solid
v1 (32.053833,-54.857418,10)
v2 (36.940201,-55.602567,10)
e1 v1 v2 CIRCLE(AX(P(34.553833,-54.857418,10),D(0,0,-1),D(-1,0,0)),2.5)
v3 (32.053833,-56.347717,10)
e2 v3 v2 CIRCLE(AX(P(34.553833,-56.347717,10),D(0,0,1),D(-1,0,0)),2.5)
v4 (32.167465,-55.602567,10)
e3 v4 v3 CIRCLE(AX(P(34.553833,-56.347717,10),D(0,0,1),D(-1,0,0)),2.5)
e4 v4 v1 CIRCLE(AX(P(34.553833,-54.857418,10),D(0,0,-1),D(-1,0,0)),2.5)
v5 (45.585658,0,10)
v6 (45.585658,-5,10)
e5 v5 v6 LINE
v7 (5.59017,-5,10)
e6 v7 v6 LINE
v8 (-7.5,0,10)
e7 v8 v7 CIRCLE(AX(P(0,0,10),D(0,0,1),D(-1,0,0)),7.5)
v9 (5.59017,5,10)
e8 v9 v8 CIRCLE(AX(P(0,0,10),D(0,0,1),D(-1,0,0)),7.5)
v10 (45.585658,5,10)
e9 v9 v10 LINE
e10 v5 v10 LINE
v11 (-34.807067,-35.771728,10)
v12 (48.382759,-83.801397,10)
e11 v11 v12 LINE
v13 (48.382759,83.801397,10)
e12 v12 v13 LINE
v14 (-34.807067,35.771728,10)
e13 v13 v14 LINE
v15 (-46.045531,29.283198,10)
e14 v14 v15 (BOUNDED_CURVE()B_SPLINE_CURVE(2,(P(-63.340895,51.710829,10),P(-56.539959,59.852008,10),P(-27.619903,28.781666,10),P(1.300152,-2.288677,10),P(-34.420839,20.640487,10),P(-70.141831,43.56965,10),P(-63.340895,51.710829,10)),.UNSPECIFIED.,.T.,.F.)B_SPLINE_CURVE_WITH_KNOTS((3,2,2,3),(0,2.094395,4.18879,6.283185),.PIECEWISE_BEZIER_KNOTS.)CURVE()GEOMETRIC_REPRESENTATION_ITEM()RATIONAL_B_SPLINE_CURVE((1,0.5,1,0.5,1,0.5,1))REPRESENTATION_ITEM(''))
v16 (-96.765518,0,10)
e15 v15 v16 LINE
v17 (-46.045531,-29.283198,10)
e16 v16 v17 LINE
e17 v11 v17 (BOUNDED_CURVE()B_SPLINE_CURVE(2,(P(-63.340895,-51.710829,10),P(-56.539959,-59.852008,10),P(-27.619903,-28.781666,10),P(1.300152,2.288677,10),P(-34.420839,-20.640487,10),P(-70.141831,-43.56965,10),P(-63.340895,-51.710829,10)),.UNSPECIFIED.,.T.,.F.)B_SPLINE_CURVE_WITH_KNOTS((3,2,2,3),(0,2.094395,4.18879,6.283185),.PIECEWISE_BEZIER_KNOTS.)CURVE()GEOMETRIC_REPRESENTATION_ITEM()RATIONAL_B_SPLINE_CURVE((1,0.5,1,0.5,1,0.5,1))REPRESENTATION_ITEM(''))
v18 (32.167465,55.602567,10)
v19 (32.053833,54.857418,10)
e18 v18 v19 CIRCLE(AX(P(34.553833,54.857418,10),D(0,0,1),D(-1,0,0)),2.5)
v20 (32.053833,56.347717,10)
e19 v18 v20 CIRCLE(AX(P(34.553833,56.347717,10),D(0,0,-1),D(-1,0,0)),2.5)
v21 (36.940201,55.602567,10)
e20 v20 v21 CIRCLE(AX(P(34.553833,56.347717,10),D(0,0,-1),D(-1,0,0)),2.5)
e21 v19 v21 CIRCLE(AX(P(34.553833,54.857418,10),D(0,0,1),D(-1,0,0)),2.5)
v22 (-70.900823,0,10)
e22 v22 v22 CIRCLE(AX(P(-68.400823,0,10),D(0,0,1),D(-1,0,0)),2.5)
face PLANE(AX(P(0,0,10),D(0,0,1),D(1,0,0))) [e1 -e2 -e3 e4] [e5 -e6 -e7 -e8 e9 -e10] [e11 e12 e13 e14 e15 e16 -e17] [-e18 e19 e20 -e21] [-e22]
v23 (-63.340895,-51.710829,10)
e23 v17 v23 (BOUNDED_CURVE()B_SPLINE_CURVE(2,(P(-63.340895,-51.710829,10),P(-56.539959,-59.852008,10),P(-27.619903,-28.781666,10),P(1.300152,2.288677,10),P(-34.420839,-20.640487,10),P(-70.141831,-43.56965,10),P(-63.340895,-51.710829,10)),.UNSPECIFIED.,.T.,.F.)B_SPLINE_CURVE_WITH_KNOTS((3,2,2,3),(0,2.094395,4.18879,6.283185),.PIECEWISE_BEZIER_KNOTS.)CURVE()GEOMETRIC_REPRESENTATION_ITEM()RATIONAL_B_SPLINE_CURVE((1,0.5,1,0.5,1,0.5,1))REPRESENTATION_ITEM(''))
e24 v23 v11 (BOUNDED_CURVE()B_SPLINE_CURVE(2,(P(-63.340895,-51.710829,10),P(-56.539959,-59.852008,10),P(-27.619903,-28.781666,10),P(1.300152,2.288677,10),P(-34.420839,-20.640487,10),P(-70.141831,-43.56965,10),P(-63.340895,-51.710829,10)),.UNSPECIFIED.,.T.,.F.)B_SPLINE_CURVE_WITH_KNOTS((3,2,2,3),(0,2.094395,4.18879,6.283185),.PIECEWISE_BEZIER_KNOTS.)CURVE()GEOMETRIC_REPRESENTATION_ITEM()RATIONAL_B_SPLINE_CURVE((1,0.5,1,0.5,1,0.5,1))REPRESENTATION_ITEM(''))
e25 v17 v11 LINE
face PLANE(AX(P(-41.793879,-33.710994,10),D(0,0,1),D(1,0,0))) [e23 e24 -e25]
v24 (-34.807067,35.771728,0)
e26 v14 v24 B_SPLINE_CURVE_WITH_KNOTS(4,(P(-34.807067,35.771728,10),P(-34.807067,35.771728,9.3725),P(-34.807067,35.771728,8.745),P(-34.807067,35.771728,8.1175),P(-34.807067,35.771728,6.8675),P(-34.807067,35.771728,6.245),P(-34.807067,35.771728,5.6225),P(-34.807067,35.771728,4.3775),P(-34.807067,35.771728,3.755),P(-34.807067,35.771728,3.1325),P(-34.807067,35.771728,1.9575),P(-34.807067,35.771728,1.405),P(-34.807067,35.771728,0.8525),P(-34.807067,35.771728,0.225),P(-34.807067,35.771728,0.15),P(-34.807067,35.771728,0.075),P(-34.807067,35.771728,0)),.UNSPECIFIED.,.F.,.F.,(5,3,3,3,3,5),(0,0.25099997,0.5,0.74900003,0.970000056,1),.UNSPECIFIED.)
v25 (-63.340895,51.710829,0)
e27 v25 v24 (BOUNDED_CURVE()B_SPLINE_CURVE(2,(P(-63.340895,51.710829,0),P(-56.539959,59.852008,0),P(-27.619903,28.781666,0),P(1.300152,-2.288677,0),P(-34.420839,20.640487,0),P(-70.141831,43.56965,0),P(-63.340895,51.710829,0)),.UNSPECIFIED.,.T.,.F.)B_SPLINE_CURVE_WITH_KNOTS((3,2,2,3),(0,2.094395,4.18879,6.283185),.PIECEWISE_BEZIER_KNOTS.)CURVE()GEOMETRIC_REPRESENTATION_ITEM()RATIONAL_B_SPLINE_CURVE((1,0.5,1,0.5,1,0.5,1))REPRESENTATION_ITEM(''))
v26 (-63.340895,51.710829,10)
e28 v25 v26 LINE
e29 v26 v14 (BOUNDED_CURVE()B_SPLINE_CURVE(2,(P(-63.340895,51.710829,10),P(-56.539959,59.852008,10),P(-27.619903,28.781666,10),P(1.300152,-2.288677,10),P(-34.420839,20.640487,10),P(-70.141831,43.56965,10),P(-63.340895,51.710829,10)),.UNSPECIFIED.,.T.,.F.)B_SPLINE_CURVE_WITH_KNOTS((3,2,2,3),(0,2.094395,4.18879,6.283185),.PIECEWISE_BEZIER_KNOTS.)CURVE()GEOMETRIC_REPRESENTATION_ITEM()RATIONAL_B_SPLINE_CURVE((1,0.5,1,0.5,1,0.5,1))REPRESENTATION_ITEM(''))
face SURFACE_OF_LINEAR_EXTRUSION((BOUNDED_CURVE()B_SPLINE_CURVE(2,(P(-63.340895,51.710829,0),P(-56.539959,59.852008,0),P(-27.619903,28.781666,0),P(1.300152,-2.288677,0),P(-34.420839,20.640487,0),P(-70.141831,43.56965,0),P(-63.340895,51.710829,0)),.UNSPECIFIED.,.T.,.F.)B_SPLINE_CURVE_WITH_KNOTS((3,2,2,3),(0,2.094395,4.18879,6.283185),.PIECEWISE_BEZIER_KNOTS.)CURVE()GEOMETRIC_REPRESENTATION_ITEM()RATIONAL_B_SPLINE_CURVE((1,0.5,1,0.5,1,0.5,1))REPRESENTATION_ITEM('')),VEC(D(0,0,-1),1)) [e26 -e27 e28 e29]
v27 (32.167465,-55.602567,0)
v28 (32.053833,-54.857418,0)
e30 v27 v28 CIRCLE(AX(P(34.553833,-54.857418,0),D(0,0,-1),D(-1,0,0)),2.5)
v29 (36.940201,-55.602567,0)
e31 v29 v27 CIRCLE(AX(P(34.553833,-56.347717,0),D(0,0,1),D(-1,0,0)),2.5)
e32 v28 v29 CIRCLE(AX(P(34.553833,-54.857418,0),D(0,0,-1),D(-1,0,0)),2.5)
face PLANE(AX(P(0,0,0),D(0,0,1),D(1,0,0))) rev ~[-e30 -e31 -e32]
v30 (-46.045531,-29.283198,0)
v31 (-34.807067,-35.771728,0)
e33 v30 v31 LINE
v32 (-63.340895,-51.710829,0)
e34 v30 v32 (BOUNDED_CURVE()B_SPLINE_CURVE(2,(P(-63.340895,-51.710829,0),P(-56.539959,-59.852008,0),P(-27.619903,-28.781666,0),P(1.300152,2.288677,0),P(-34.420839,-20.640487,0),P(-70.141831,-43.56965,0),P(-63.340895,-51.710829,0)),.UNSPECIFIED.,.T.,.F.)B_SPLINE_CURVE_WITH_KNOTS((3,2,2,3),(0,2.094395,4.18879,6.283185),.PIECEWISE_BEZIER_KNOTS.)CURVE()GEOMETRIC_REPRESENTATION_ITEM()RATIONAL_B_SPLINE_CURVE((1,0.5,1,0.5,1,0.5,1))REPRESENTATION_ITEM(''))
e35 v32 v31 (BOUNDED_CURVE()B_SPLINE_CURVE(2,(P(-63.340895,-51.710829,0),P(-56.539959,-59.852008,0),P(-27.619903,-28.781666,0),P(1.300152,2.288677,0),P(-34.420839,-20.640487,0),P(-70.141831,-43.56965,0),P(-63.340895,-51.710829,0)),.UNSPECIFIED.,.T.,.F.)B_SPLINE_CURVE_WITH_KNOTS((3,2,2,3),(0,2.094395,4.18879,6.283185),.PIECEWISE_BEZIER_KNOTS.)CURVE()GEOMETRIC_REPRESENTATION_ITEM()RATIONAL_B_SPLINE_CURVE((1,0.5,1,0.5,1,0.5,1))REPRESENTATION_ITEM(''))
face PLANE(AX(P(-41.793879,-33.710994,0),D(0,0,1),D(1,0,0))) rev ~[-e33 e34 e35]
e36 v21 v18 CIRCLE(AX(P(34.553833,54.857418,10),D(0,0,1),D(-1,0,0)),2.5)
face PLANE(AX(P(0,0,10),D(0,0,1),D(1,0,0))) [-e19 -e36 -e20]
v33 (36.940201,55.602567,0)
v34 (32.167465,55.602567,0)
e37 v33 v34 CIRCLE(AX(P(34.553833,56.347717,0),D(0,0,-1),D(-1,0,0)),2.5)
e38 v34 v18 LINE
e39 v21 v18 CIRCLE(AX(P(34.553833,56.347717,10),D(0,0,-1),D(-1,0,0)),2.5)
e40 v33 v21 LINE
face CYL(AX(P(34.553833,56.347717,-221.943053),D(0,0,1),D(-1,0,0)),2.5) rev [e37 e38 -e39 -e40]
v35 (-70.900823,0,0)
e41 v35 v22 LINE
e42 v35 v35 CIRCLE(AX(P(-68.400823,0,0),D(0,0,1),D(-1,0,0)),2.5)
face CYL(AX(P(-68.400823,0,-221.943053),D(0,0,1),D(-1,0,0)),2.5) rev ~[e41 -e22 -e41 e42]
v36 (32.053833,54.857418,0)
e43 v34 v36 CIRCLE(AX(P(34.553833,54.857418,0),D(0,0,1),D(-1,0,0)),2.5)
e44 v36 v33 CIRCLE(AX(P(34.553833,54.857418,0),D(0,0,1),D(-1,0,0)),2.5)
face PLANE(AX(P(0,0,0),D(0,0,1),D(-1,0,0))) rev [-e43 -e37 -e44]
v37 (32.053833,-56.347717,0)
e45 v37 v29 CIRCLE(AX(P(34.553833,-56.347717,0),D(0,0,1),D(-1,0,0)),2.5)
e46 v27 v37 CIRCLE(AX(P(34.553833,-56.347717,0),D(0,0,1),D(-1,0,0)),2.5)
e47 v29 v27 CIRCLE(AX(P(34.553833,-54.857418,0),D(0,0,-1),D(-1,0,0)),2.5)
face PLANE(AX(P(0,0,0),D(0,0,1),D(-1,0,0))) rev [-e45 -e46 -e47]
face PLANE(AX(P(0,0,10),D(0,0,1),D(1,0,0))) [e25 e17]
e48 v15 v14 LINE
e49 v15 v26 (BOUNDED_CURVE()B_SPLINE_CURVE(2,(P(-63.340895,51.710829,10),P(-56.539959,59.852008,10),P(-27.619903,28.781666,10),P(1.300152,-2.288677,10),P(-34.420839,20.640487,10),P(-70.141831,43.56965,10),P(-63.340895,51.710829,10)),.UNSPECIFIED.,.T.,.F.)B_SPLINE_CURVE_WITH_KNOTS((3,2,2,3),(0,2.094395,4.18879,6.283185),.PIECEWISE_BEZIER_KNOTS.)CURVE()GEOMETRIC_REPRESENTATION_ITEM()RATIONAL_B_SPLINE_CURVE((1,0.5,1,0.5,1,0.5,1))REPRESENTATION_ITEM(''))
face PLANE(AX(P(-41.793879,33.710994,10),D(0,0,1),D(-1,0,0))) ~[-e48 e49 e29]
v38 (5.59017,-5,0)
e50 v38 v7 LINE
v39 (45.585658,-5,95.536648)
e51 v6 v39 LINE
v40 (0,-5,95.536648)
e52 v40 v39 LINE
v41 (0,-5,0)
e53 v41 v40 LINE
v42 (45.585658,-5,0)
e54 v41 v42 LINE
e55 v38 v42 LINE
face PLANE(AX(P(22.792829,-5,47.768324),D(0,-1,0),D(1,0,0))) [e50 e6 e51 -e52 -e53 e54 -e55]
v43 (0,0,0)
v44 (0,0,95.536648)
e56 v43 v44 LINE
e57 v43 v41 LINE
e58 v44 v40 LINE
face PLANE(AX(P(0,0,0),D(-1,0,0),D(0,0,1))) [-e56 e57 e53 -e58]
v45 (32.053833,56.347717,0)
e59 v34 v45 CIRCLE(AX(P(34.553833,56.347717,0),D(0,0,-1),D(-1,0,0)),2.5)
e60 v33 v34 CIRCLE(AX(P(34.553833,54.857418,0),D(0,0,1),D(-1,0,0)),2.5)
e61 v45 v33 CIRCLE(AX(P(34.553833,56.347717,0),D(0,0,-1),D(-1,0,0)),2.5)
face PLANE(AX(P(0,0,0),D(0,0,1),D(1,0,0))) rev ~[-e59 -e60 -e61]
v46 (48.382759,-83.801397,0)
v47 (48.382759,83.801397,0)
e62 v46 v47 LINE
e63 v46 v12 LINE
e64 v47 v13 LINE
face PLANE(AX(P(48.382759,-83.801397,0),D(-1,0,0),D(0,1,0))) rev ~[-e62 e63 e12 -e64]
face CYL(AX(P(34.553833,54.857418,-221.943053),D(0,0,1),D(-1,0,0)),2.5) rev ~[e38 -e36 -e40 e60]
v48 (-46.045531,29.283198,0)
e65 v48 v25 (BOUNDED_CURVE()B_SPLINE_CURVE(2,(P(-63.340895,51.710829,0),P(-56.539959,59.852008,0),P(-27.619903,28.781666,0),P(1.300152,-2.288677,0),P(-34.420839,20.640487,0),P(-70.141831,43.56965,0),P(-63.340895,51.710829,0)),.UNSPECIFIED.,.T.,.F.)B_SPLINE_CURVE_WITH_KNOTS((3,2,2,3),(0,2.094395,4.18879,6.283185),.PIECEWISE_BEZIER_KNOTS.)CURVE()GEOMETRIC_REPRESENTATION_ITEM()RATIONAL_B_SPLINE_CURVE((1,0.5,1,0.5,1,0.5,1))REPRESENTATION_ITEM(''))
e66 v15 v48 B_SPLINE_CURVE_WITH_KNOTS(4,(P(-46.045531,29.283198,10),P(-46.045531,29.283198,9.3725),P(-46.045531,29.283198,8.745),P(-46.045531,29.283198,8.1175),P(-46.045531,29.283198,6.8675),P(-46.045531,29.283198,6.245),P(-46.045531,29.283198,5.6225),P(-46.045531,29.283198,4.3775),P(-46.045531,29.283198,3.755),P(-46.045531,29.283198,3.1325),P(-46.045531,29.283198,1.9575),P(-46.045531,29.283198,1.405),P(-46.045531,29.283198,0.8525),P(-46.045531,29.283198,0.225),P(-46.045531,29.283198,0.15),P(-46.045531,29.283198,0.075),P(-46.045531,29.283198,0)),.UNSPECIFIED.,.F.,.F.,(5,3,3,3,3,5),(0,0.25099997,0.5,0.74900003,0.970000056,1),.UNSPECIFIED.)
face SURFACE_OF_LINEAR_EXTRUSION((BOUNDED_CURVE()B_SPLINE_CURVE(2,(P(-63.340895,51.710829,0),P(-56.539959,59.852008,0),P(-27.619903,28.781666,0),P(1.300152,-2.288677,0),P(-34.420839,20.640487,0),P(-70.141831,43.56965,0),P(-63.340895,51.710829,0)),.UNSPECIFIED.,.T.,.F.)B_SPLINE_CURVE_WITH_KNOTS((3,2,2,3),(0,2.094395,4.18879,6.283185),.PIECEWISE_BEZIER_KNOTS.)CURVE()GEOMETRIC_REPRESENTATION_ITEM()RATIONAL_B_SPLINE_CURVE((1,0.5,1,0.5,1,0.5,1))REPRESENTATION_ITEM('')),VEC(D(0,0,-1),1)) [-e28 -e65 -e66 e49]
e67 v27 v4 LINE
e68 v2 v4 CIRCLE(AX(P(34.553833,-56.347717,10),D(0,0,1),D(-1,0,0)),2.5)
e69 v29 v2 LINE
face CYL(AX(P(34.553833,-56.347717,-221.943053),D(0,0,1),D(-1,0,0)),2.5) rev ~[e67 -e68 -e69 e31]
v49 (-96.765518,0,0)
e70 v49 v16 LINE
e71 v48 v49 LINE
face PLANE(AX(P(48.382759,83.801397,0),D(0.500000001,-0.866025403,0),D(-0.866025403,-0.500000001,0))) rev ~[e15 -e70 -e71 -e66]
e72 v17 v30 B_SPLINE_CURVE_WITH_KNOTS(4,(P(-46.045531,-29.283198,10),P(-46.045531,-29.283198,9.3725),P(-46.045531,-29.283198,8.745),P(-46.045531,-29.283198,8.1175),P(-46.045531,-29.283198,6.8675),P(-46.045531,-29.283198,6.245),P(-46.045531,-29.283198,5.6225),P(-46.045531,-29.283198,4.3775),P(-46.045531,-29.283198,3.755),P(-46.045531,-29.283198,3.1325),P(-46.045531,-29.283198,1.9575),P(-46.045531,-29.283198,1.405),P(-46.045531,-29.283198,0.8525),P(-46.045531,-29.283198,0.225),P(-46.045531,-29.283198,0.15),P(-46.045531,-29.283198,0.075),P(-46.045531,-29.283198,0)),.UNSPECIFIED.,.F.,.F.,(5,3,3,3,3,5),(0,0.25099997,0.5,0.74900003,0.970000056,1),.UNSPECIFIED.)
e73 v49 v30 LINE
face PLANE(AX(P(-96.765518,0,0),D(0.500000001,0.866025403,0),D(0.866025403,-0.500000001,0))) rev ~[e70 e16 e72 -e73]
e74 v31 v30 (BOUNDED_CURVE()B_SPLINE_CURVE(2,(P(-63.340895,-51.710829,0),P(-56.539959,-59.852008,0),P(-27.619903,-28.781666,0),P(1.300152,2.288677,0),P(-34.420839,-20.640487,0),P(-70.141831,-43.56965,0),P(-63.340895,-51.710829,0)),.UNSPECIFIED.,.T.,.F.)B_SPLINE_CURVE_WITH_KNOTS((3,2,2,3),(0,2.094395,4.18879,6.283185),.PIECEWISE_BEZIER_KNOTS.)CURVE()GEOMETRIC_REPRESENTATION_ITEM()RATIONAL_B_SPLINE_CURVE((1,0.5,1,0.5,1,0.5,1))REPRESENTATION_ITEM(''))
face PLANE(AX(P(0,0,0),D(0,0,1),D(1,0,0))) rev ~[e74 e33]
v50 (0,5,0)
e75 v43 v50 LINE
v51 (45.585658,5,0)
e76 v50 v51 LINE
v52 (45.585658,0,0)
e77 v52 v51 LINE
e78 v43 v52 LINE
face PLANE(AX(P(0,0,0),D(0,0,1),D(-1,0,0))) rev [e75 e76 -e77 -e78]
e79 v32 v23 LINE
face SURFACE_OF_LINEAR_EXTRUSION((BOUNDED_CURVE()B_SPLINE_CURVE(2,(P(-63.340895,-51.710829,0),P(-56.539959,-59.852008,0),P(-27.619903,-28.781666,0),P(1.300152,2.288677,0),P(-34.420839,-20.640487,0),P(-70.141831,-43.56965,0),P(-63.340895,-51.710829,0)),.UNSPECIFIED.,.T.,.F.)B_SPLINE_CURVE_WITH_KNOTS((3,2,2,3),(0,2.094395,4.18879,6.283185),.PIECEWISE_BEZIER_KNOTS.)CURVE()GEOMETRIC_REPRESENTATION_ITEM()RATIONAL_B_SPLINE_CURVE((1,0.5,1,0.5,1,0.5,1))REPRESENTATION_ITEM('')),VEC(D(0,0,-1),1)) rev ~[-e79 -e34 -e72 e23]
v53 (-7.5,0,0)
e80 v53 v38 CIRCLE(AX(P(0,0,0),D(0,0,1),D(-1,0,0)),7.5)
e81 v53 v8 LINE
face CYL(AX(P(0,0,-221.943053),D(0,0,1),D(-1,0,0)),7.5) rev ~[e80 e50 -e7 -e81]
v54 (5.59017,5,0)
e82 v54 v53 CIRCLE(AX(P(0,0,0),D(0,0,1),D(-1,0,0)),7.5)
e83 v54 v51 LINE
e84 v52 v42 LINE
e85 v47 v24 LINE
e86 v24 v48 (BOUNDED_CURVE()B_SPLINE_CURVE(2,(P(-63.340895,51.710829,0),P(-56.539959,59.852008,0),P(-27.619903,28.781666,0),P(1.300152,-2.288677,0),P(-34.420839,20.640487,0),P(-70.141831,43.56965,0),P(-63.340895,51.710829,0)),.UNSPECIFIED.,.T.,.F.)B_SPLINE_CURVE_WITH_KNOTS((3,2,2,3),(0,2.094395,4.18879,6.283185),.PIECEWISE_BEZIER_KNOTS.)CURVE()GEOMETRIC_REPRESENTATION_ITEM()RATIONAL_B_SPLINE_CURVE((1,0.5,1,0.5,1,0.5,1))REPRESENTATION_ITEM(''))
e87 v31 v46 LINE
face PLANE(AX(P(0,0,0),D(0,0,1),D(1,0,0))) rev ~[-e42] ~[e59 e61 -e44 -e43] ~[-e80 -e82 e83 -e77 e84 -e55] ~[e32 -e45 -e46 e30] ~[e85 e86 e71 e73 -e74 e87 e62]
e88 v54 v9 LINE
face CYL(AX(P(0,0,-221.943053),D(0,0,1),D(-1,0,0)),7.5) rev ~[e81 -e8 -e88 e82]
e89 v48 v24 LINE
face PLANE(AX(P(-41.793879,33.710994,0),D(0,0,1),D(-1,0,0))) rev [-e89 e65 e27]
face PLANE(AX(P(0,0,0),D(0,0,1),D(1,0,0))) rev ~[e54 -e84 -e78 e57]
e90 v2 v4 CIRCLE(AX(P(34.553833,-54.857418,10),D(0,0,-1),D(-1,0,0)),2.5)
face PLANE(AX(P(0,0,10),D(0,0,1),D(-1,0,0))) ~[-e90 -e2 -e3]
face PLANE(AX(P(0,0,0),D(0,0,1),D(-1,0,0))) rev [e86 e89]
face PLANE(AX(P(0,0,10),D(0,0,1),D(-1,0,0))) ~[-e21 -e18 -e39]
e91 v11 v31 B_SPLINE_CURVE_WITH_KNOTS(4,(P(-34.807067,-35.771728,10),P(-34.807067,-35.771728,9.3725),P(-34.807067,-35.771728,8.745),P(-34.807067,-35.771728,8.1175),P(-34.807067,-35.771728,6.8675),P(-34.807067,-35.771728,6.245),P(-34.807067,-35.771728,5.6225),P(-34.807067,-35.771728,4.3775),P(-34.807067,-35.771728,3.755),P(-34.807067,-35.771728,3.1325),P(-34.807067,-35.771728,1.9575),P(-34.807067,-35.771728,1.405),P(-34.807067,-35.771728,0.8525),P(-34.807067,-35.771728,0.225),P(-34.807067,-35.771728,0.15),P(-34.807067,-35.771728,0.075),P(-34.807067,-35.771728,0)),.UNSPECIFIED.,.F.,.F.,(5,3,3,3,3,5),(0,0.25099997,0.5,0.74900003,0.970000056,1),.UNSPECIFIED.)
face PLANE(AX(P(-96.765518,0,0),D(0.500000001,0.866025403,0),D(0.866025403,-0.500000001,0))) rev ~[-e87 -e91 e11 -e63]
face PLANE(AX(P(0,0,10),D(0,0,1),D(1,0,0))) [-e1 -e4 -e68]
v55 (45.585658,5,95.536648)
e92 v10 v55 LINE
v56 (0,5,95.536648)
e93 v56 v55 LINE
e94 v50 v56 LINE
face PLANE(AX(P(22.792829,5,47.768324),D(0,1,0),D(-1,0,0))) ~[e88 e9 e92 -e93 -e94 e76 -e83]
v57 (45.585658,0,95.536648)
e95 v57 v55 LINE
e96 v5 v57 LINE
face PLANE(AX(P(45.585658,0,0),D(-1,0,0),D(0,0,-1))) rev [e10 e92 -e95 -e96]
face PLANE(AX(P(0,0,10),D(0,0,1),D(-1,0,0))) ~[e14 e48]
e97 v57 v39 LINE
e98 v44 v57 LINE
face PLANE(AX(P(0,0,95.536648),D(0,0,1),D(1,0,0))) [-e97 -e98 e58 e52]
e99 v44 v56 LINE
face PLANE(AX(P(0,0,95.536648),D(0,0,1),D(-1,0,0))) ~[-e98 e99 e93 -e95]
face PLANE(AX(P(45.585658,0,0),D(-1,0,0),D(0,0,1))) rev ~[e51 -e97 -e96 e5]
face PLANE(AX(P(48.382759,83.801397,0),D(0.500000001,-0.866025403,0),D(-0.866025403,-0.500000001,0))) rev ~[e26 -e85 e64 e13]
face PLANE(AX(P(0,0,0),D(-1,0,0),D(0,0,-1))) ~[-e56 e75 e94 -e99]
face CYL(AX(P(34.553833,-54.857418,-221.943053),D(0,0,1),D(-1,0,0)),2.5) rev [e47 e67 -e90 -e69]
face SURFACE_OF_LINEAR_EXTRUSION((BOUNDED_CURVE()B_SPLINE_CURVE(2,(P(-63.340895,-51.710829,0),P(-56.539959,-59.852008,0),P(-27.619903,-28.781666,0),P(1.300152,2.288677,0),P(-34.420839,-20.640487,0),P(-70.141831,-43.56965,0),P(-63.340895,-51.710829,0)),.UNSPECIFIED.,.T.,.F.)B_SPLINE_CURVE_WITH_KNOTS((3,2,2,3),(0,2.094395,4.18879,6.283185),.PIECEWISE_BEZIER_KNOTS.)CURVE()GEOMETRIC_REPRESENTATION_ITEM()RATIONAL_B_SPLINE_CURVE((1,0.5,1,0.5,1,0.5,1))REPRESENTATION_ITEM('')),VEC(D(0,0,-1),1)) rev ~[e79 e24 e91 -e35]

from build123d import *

# Parameters (mm, degrees)
F2_DEPTH  = 10
F3_D      = 5
F5_D      = 15
F7_DEPTH  = 10
F9_W      = 45.585658
F9_H      = 95.536649
F10_DEPTH = 5


with BuildPart() as f2:
    # F0 (on Top) → F2 (new body)
    with BuildSketch(Plane.XY):
        Polygon((48.382759, -83.801397), (48.382759, 83.801397), (-96.765518, 0), align=None)
    extrude(amount=F2_DEPTH)

    # F3 (through all)
    with Locations(Plane(origin=(0, 0, 0), x_dir=(1, 0, 0), z_dir=(0, 0, -1))):
        with Locations((34.553833, 56.347717), (34.553833, -54.857418), (-68.400823, 0)):
            Hole(F3_D / 2)

    # F5 (through all)
    with Locations(Plane(origin=(0, 0, 0), x_dir=(1, 0, 0), z_dir=(0, 0, -1))):
        with Locations((0, 0)):
            Hole(F5_D / 2)

    # F6 (on Top) → F7 (join)
    with BuildSketch(Plane.XY):
        with BuildLine():
            add(Edge.make_bspline(
                [(-63.340895, -51.710829), (-56.539959, -59.852008), (-27.619903, -28.781666), (1.300152, 2.288677), (-34.420839, -20.640487), (-70.141831, -43.56965), (-63.340895, -51.710829)],
                knots=[0, 0, 0, 2.094395, 2.094395, 4.18879, 4.18879, 6.283185, 6.283185, 6.283185], degree=2, weights=[1, 0.5, 1, 0.5, 1, 0.5, 1]))
        make_face()
    extrude(amount=F7_DEPTH)

    # F8: F2 across plane


with BuildPart() as f2_1:
    add(f2.part)
    add(f2.part.mirror(Plane.XZ))

    # F9 (on Front) → F10 (join)
    with BuildSketch(Plane.XZ):
        with Locations((22.792829, 47.768324)):
            Rectangle(F9_W, F9_H)
    extrude(amount=F10_DEPTH)

    # F11: F2 across plane


with BuildPart() as f2_2:
    add(f2_1.part)
    add(f2_1.part.mirror(Plane.XZ))


solid = f2_2.part
